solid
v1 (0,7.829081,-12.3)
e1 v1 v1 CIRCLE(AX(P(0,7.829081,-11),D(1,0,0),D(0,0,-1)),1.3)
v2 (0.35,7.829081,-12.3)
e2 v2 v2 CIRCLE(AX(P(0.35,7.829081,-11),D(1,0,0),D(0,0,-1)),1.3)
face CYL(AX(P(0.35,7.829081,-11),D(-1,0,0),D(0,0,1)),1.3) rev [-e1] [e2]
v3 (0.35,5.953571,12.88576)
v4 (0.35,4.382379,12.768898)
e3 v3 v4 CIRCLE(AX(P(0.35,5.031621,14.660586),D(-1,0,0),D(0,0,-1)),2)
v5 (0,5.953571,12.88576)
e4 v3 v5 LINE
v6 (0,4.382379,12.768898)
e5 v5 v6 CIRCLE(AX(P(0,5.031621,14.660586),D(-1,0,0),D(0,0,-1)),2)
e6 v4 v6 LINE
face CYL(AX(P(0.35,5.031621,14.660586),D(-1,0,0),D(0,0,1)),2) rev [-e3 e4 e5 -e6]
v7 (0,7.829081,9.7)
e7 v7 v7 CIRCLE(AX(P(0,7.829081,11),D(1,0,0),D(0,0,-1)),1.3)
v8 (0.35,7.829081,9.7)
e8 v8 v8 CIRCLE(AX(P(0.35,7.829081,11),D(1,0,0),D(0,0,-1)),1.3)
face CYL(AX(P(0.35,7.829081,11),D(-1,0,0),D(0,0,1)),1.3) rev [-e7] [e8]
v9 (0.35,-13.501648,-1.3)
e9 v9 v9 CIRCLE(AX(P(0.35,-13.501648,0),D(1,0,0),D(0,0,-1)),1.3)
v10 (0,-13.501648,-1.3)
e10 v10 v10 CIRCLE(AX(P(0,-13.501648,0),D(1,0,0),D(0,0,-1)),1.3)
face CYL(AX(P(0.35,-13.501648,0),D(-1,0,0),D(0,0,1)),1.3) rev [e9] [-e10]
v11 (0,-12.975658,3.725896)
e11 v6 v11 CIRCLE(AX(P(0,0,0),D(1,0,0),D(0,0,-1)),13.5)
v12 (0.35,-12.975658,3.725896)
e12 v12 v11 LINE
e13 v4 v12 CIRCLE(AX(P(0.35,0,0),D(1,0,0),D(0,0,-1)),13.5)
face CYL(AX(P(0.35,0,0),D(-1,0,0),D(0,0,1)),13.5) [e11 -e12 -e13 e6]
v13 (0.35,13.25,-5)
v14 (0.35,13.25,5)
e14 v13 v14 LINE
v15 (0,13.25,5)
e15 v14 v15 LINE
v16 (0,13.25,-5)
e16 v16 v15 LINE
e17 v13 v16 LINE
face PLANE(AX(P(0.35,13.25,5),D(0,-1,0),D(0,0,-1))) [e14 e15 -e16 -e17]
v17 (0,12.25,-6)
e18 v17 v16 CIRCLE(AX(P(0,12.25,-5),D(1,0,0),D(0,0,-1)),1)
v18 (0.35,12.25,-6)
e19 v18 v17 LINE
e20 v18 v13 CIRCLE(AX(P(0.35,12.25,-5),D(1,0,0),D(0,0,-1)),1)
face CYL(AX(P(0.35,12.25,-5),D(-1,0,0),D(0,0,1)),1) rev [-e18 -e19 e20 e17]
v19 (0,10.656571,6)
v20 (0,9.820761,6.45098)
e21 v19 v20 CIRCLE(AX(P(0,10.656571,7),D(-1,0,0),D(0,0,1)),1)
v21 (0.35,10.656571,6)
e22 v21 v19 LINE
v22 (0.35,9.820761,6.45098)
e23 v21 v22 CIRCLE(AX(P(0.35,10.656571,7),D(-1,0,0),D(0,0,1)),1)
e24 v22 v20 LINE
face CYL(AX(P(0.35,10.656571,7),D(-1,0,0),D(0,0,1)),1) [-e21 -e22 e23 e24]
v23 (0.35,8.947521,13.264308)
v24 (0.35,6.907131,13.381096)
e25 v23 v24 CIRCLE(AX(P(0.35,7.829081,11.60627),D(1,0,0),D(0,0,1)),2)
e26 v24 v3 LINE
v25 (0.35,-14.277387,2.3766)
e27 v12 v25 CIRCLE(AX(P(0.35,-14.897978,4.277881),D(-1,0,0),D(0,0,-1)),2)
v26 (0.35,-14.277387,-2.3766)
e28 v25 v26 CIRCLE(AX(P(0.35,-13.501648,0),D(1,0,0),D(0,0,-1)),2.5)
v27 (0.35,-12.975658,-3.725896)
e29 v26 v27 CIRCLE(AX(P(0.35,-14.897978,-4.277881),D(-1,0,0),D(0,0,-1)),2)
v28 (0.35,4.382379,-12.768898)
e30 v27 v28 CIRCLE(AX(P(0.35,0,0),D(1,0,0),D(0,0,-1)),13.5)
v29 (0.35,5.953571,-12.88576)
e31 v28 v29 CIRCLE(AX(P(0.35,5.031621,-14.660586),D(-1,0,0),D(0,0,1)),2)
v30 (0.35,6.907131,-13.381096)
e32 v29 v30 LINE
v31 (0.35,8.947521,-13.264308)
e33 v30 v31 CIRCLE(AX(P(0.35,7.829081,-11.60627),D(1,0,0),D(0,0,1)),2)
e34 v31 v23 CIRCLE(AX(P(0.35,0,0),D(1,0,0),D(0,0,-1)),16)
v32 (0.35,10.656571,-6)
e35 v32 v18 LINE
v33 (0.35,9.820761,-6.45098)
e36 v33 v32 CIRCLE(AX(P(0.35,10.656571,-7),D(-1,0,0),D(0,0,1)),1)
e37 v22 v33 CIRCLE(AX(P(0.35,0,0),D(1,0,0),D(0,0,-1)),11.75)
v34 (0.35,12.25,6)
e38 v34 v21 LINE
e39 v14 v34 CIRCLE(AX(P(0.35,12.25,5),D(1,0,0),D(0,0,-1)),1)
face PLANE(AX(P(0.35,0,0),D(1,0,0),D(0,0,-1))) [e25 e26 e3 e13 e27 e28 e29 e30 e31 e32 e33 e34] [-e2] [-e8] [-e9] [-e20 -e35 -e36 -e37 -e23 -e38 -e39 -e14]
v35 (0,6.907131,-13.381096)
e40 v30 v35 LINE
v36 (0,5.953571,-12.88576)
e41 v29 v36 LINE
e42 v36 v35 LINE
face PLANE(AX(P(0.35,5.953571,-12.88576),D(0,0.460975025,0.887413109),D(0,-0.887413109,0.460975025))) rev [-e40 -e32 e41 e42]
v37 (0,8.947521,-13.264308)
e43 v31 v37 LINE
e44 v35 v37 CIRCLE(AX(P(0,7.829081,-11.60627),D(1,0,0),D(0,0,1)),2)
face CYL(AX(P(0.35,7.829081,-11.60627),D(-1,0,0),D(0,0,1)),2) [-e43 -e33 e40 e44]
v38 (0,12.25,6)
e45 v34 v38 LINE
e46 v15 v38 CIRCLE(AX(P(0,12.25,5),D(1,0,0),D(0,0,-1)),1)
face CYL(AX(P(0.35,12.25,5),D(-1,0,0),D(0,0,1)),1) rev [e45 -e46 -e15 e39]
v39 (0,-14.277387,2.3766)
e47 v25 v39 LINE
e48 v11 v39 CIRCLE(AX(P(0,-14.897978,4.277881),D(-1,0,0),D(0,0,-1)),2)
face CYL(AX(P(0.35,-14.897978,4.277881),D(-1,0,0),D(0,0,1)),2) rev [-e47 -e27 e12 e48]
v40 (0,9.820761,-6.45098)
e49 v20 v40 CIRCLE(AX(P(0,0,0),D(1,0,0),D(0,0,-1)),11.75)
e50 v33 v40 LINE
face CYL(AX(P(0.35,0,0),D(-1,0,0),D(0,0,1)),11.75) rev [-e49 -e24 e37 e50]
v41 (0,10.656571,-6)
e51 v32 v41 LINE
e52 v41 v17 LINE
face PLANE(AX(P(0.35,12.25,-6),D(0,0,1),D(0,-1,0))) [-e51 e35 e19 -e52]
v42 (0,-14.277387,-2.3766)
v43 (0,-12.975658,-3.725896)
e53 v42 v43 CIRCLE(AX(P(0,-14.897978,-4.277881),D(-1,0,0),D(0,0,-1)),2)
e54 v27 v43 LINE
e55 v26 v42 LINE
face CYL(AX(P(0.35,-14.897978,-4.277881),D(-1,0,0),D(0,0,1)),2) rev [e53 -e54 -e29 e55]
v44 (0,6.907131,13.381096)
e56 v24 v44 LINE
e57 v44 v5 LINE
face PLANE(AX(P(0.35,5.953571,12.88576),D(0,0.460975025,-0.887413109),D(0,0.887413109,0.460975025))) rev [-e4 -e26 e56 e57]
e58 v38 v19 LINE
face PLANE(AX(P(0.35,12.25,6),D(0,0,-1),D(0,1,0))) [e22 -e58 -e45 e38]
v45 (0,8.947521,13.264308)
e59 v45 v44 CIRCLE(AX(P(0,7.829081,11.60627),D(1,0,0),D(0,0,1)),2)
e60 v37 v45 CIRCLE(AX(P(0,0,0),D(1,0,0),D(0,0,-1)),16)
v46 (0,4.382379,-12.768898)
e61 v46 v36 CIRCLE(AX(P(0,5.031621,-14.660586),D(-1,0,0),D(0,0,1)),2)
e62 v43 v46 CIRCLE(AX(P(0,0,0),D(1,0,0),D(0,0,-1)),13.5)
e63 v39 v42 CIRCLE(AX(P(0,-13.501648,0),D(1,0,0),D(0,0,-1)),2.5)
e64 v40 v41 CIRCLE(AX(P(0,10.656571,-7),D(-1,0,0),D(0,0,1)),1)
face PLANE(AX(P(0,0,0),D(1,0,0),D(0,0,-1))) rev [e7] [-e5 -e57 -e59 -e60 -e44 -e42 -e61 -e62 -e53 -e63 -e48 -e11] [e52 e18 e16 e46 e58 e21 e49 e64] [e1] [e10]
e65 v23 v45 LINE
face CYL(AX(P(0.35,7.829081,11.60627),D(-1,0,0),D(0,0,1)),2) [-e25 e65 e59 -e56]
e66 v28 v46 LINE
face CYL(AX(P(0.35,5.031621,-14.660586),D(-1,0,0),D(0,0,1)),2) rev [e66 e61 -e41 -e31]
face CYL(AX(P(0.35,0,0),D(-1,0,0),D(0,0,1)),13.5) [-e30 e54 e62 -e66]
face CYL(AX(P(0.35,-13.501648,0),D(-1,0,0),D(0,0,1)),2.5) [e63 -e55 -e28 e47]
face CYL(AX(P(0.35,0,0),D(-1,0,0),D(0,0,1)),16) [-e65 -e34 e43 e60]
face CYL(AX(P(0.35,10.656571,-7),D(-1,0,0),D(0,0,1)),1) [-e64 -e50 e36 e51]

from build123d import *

# Parameters (mm, degrees)
SKETCH1_R      = 1.3
EXTRUDE1_DEPTH = 0.35


with BuildPart() as part:
    # Sketch1 → Extrude1 (new body)
    with BuildSketch(Plane(origin=(0, 0, 0), x_dir=(0, 0, -1), z_dir=(1, 0, 0))):
        with BuildLine():
            Line((-12.885760186, 5.95357069), (-13.381095839, 6.907130708))
            ThreePointArc((-13.381095839, 6.907130708), (-13.603001468, 7.943369547), (-13.264308138, 8.947520865))
            ThreePointArc((-13.264308138, 8.947520865), (0, 16), (13.264308138, 8.947520865))
            ThreePointArc((13.264308138, 8.947520865), (13.603001468, 7.943369547), (13.381095839, 6.907130708))
            Line((13.381095839, 6.907130708), (12.885760186, 5.95357069))
            ThreePointArc((12.885760186, 5.95357069), (12.66609567, 5.17996722), (12.768897836, 4.382379268))
            ThreePointArc((12.768897836, 4.382379268), (11.972673932, -6.2373936), (3.725896212, -12.97565788))
            ThreePointArc((3.725896212, -12.97565788), (2.889265769, -13.458620697), (2.376600464, -14.277386759))
            ThreePointArc((2.376600464, -14.277386759), (0, -16.001648251), (-2.376600464, -14.277386759))
            ThreePointArc((-2.376600464, -14.277386759), (-2.889265769, -13.458620697), (-3.725896212, -12.97565788))
            ThreePointArc((-3.725896212, -12.97565788), (-11.972673932, -6.2373936), (-12.768897836, 4.382379268))
            ThreePointArc((-12.768897836, 4.382379268), (-12.66609567, 5.17996722), (-12.885760186, 5.95357069))
        make_face()
        with Locations((11, 7.829080757)):
            Circle(SKETCH1_R, mode=Mode.SUBTRACT)
        with Locations((-11, 7.829080757)):
            Circle(SKETCH1_R, mode=Mode.SUBTRACT)
        with Locations((0, -13.501648251)):
            Circle(SKETCH1_R, mode=Mode.SUBTRACT)
        with BuildLine():
            Line((-5, 13.25), (5, 13.25))
            ThreePointArc((5, 13.25), (5.707106781, 12.957106781), (6, 12.25))
            Line((6, 12.25), (6, 10.656570743))
            ThreePointArc((6, 10.656570743), (6.119937614, 10.181712663), (6.450980392, 9.820761273))
            ThreePointArc((6.450980392, 9.820761273), (0, -11.75), (-6.450980392, 9.820761273))
            ThreePointArc((-6.450980392, 9.820761273), (-6.119937614, 10.181712663), (-6, 10.656570743))
            Line((-6, 10.656570743), (-6, 12.25))
            ThreePointArc((-6, 12.25), (-5.707106781, 12.957106781), (-5, 13.25))
        make_face(mode=Mode.SUBTRACT)
    extrude(amount=EXTRUDE1_DEPTH)


solid = part.part
